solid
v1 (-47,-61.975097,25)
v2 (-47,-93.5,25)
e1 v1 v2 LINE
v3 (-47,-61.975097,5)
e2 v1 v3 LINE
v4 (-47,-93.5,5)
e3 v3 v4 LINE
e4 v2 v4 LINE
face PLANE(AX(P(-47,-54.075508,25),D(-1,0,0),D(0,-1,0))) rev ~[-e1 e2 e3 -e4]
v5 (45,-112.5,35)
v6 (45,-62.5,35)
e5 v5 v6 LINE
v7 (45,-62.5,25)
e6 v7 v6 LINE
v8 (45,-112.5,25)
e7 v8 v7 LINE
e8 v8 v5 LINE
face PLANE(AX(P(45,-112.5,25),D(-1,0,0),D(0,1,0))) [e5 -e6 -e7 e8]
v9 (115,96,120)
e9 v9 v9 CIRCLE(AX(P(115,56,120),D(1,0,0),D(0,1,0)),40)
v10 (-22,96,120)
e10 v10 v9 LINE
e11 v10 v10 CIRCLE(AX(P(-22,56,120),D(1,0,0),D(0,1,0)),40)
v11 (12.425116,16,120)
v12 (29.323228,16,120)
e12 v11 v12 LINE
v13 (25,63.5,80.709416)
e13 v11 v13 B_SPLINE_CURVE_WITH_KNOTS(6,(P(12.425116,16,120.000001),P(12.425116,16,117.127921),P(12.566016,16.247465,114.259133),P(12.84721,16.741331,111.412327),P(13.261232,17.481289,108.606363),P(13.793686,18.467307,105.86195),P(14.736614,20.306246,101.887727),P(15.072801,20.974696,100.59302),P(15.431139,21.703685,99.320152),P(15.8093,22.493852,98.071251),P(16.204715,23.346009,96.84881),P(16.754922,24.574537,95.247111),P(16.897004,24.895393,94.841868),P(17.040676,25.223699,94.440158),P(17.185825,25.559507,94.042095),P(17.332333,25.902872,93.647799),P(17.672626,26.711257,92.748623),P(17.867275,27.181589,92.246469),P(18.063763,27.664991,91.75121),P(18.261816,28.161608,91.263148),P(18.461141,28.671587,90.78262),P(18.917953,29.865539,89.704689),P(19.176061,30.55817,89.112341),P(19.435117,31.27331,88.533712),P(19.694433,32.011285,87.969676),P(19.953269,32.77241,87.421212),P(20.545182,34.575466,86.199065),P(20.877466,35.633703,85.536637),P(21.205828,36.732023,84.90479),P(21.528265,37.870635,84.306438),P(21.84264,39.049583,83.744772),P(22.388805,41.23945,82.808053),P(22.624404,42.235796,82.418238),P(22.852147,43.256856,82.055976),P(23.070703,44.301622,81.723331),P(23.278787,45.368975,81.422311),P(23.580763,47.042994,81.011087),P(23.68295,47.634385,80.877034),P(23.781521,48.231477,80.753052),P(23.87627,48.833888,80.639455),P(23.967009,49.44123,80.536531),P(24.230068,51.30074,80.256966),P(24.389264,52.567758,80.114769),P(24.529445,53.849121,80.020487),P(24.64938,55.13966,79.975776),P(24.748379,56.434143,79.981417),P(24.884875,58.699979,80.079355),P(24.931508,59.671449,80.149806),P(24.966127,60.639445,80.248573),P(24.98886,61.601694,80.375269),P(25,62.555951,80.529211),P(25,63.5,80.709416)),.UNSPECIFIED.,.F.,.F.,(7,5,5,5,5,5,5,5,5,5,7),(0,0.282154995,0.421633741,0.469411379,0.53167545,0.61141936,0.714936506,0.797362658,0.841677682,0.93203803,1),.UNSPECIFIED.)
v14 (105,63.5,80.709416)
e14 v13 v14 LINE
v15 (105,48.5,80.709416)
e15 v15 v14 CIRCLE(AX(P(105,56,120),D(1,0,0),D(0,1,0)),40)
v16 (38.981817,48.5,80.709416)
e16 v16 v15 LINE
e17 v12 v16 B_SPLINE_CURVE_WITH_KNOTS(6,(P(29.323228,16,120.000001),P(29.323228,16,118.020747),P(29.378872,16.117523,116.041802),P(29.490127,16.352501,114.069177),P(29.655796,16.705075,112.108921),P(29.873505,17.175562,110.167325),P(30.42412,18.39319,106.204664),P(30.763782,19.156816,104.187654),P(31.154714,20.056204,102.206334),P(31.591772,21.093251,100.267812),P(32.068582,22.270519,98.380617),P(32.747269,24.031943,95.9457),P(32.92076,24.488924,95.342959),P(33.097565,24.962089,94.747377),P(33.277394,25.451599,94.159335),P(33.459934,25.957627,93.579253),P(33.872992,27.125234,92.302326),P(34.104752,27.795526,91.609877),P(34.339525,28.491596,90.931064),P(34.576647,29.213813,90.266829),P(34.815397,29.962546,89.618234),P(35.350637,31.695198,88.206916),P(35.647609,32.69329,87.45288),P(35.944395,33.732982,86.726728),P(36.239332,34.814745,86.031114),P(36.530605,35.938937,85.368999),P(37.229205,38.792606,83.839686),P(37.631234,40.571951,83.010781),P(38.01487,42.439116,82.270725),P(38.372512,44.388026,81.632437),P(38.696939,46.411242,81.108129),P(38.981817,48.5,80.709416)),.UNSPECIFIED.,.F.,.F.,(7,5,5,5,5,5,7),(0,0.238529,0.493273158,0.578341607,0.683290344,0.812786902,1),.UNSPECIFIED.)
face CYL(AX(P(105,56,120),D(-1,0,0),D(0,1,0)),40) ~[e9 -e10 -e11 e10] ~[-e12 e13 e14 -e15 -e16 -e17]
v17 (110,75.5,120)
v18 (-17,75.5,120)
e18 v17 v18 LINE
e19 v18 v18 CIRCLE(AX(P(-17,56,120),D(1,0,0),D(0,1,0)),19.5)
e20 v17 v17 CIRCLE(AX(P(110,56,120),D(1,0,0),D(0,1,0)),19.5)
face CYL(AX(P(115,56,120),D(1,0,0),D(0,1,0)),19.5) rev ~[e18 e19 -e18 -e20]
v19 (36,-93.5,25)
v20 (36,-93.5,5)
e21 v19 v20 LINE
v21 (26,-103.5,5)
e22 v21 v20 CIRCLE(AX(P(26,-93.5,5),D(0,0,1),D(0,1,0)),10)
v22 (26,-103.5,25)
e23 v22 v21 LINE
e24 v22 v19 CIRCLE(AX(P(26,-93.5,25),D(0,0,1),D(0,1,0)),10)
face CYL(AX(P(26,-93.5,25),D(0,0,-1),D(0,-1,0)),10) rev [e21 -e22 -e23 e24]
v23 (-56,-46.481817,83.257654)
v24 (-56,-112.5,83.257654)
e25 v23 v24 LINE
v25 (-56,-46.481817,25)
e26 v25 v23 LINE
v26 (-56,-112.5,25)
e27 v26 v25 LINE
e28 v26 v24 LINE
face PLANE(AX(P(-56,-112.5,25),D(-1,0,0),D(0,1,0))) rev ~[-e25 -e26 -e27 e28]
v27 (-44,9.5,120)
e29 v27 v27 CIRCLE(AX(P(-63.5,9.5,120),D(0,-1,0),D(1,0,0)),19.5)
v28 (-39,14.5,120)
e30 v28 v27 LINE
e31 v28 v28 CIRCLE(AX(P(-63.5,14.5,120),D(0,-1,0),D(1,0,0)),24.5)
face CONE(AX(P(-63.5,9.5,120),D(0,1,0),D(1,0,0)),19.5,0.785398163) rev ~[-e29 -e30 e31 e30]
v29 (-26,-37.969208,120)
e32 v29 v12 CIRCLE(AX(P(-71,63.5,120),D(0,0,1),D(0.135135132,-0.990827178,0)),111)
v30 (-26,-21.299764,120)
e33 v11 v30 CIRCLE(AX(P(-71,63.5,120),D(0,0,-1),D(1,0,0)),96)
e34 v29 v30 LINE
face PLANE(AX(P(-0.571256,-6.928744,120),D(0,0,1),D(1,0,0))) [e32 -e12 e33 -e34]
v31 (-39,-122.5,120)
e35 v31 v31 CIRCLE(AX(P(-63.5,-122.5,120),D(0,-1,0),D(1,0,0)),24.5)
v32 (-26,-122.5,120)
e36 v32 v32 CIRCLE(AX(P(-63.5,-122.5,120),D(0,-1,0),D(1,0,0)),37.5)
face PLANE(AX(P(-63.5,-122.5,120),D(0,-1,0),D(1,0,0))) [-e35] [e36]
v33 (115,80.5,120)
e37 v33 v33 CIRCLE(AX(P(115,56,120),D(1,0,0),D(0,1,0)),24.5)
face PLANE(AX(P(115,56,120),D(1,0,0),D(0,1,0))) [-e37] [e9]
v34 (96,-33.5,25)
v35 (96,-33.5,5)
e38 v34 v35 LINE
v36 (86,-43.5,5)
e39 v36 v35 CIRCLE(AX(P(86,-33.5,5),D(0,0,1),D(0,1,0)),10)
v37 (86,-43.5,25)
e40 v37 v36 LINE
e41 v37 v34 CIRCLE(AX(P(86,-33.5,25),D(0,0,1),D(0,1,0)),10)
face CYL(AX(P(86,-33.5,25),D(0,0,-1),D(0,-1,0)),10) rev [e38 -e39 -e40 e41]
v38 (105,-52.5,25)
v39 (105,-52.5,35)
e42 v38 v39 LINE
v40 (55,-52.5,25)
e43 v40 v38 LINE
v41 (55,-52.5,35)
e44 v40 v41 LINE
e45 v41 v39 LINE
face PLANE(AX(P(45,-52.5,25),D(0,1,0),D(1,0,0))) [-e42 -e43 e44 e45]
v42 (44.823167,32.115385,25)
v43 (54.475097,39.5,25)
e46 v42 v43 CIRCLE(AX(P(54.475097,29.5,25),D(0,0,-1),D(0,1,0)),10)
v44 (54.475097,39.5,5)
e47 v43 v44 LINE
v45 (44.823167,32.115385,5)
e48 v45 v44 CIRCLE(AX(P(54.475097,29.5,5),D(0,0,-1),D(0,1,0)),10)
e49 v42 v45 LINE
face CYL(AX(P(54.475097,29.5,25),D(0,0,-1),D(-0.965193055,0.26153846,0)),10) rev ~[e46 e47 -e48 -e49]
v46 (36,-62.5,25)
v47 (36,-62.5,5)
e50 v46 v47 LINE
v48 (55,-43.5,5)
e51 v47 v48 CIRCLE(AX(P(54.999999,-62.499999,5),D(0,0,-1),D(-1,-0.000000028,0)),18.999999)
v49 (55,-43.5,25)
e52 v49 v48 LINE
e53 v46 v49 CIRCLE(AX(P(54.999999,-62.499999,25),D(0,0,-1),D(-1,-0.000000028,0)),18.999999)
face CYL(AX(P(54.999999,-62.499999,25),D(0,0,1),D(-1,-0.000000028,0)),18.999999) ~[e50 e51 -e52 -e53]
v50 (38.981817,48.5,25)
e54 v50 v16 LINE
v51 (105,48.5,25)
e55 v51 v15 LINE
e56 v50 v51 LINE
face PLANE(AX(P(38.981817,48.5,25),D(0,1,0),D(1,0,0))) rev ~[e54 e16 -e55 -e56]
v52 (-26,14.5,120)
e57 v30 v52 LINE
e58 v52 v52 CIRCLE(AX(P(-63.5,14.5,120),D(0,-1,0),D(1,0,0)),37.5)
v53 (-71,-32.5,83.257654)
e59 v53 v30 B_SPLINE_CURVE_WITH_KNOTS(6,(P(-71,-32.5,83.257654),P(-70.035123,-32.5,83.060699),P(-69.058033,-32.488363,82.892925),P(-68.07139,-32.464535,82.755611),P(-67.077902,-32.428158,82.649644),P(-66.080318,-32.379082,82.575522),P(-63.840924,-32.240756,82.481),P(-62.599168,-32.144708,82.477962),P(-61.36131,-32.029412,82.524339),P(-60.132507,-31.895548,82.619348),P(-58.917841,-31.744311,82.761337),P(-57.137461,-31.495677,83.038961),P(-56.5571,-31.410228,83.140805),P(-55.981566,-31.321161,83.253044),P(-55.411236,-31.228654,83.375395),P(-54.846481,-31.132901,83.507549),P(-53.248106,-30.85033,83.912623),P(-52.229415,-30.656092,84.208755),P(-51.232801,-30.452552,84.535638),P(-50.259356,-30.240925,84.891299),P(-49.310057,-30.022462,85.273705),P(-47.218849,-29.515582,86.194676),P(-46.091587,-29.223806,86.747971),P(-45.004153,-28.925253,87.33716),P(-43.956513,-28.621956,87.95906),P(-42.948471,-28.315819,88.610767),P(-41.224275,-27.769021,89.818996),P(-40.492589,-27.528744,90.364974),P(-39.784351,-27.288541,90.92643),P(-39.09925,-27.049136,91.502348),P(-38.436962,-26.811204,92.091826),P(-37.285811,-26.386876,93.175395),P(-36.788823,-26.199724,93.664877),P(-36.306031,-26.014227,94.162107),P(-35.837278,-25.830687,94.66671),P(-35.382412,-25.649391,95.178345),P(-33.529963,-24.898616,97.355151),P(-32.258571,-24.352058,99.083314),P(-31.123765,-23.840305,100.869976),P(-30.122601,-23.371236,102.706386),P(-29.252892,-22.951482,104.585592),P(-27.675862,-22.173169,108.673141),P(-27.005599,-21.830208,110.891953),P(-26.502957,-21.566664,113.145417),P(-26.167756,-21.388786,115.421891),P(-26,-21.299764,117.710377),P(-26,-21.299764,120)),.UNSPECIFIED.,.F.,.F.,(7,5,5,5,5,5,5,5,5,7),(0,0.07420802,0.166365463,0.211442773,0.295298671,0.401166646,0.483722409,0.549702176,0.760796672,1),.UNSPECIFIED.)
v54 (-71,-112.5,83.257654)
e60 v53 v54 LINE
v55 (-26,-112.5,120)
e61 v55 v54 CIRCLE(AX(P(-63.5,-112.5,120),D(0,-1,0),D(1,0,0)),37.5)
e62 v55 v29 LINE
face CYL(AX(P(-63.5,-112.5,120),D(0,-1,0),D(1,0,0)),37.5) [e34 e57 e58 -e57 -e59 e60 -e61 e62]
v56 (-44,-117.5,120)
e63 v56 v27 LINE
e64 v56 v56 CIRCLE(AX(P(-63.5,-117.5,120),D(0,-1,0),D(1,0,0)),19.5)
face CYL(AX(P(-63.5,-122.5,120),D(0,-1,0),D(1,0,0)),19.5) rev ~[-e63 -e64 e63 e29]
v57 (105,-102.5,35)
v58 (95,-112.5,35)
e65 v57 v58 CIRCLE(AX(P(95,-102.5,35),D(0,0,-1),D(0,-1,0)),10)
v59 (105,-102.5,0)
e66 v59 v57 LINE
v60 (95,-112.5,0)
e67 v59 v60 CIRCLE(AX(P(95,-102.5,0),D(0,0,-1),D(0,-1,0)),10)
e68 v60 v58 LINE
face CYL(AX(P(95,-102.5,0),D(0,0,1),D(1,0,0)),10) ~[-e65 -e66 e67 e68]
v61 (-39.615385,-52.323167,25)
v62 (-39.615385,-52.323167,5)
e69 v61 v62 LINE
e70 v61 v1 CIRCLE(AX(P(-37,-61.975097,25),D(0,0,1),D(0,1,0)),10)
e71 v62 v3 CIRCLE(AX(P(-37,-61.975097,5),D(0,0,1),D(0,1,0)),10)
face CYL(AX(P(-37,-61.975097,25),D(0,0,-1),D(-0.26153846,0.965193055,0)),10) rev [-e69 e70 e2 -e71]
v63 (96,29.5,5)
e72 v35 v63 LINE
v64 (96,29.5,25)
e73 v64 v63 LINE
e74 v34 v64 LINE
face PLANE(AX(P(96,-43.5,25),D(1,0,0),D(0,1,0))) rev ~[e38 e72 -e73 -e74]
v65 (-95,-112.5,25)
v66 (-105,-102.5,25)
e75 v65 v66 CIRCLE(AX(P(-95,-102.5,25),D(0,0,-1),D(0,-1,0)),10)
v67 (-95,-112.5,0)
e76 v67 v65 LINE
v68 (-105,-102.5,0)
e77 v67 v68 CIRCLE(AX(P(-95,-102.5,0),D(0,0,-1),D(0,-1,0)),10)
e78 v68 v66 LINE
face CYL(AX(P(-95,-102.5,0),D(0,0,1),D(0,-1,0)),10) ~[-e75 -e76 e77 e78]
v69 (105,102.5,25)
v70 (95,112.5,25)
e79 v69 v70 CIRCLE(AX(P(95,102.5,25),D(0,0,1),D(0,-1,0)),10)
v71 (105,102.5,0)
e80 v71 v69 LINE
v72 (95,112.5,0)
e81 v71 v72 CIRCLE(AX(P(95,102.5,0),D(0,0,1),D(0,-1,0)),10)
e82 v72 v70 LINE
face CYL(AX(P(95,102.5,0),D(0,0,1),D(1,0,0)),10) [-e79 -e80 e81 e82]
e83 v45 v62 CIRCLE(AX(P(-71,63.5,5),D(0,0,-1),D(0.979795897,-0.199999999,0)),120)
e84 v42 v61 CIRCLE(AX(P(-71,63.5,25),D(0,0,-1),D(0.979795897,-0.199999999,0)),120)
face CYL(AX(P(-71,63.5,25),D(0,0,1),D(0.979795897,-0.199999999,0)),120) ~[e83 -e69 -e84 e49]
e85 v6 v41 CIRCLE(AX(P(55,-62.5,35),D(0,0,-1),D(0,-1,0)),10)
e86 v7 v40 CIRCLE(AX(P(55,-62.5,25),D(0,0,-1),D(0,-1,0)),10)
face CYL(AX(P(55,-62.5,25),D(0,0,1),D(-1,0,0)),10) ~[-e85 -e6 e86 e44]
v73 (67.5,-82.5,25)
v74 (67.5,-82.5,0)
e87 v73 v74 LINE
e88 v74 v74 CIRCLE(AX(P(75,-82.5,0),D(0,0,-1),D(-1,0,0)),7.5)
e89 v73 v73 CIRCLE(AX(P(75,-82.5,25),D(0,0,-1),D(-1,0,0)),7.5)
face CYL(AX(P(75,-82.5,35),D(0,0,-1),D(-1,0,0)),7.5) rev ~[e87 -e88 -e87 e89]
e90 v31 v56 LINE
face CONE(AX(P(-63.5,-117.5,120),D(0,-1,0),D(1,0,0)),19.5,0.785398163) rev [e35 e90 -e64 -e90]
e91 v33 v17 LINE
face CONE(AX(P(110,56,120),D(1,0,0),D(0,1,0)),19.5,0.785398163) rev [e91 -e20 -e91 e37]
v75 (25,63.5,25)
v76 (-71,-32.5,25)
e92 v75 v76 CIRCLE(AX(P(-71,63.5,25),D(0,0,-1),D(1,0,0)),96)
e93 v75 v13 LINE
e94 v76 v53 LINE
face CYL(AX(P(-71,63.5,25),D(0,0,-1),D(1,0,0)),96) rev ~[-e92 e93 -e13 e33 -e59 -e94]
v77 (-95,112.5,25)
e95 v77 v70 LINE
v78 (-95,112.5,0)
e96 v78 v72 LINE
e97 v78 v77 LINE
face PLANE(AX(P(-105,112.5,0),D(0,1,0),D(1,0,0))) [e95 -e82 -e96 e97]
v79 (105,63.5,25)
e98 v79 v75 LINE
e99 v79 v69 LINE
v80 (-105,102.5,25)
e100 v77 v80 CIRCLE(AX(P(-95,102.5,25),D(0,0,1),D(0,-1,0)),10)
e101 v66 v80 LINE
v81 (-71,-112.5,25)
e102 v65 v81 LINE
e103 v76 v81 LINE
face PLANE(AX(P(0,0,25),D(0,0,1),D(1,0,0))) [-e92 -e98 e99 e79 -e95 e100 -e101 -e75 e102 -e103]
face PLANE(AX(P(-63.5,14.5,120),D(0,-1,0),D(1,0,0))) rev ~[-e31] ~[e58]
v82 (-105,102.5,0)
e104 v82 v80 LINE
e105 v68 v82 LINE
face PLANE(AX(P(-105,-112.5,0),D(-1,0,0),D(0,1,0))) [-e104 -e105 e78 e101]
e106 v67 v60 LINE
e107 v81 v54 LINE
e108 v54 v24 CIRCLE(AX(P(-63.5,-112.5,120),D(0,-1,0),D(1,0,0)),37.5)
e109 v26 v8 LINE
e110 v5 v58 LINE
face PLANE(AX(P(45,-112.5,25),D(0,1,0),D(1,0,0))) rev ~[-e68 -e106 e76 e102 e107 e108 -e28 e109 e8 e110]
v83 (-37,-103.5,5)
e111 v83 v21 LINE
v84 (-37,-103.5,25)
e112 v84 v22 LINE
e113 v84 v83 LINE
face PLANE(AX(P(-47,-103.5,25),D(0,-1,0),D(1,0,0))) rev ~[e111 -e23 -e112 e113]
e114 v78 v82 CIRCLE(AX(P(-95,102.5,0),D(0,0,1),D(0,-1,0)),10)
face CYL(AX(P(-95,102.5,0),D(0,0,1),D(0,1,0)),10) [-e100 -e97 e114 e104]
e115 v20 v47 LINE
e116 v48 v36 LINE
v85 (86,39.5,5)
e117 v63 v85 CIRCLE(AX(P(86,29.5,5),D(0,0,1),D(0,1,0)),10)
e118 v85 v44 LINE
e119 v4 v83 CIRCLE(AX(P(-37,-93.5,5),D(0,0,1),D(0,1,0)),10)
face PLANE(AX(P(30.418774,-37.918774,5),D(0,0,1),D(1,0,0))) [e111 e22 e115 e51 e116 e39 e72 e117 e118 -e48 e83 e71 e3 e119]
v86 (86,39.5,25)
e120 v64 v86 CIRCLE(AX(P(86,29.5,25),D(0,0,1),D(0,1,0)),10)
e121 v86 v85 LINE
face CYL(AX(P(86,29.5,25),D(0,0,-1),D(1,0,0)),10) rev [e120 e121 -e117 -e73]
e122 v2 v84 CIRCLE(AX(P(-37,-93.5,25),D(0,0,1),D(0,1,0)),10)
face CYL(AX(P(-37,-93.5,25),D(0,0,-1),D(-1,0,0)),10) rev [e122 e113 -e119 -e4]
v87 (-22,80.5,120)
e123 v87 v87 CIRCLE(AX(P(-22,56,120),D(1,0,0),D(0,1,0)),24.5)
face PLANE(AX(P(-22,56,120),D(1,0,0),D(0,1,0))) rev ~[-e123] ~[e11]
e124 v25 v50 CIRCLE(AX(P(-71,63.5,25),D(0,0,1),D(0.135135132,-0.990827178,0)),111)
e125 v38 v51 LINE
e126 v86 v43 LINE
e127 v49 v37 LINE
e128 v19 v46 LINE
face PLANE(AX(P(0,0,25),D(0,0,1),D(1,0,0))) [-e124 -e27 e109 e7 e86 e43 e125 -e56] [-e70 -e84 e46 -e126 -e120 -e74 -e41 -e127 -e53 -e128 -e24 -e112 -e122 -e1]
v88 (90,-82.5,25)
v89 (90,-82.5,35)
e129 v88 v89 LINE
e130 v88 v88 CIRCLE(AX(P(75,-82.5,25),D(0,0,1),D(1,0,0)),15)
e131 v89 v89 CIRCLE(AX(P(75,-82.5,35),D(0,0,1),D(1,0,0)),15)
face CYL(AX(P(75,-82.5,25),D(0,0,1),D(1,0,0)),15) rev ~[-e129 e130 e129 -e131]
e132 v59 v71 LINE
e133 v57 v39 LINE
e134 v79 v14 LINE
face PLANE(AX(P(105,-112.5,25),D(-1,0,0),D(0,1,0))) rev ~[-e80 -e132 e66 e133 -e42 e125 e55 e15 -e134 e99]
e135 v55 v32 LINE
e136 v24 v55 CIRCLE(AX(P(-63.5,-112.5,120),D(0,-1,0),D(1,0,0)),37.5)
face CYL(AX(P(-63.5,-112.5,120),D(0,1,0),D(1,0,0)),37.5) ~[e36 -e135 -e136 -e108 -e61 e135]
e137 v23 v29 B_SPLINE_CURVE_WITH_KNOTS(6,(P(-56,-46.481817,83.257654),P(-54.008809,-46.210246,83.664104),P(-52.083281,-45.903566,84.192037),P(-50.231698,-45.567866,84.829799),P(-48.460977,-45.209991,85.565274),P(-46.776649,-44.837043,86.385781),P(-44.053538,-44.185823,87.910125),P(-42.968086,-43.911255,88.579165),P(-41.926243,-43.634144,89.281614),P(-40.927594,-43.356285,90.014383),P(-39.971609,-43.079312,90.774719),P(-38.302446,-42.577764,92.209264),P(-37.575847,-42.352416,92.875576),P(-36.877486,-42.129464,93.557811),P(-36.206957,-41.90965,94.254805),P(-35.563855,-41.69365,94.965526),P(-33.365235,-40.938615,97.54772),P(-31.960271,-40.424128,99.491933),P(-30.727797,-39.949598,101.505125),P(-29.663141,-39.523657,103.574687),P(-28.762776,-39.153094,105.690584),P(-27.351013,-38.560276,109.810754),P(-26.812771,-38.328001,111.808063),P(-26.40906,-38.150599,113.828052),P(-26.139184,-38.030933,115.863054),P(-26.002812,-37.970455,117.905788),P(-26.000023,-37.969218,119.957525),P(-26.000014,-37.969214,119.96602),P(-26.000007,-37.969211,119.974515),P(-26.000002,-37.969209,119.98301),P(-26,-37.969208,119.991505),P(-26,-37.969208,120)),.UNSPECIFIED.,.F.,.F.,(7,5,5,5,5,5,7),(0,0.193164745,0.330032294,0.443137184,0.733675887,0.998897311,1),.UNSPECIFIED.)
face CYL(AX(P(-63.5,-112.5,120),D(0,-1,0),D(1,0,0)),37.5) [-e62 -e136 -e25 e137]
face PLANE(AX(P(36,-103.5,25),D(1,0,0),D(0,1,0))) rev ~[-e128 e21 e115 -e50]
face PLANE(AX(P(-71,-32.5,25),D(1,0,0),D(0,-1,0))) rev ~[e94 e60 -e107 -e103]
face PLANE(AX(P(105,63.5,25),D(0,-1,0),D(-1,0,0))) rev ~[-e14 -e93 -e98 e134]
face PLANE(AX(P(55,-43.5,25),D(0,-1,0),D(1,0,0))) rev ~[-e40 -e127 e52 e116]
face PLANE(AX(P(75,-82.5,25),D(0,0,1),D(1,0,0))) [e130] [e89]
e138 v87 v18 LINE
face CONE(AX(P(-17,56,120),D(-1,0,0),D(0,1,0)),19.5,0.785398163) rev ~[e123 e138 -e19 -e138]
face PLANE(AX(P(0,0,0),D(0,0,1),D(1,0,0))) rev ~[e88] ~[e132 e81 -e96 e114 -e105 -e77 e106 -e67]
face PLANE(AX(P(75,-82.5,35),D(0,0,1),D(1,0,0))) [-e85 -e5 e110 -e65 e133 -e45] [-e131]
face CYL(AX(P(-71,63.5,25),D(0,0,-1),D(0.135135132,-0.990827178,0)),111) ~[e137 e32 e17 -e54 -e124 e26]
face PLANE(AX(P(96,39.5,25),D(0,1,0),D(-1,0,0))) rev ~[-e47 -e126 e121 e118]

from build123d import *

# Parameters (mm, degrees)
F0_W            = 210
F0_H            = 225
F1_DEPTH        = 25
F3_DEPTH        = 95
F4_R            = 37.5
F5_DEPTH        = 10
F5_DEPTH_BACK   = 127
F6_R            = 40
F7_DEPTH        = 10
F7_DEPTH_BACK   = 127
F8_W            = 60
F8_H            = 60
F9_DEPTH        = 10
F10_R           = 10
F12_DEPTH       = 20
F14_D           = 15
F14_CBORE_D     = 30
F14_CBORE_DEPTH = 10
F15_R           = 10
F16_R           = 19.5
F17_DEPTH       = 235.001
F18_R           = 19.5
F19_DEPTH       = 220.001
F20_SIZE        = 5
F21_R           = 10


with BuildPart() as f1:
    # F0 (on Top) → F1 (new body)
    with BuildSketch(Plane.XY):
        Rectangle(F0_W, F0_H)
    extrude(amount=F1_DEPTH)

    # F2 (on face) → F3 (join)
    with BuildSketch(Plane.XY.offset(25)):
        with BuildLine():
            Line((-71, -32.5), (-71, -112.5))
            Line((-71, -112.5), (-56, -112.5))
            Line((-56, -112.5), (-56, -46.481817))
            ThreePointArc((-56, -46.481817), (7.488853, -14.988853), (38.981817, 48.5))
            Line((38.981817, 48.5), (105, 48.5))
            Line((105, 48.5), (105, 63.5))
            Line((105, 63.5), (25, 63.5))
            ThreePointArc((25, 63.5), (-3.117749, -4.382251), (-71, -32.5))
        make_face()
    extrude(amount=F3_DEPTH)

    # F4 (on face) → F5 (join, two sides)
    with BuildSketch(Plane.XZ.offset(112.5)) as f5_sk:
        with Locations((-63.5, 120)):
            Circle(F4_R)
    extrude(amount=F5_DEPTH)
    extrude(f5_sk.sketch, amount=-F5_DEPTH_BACK)

    # F6 (on face) → F7 (join, two sides)
    with BuildSketch(Plane.YZ.offset(105)) as f7_sk:
        with Locations((56, 120)):
            Circle(F6_R)
    extrude(amount=F7_DEPTH)
    extrude(f7_sk.sketch, amount=-F7_DEPTH_BACK)

    # F8 (on face) → F9 (join)
    with BuildSketch(Plane.XY.offset(25)):
        with Locations((75, -82.5)):
            Rectangle(F8_W, F8_H)
    extrude(amount=F9_DEPTH)

    # F10
    f10_edges = [f1.edges().sort_by_distance(p)[0] for p in [
        (45, -52.5, 30),
    ]]
    fillet(f10_edges, radius=F10_R)

    # F11 (on face) → F12 (cut)
    with BuildSketch(Plane.XY.offset(25)):
        with BuildLine():
            ThreePointArc((46.575508, 39.5), (13.852814, -21.352814), (-47, -54.075508))
            Line((-47, -54.075508), (-47, -103.5))
            Line((-47, -103.5), (36, -103.5))
            Line((36, -103.5), (36, -62.5))
            ThreePointArc((36, -62.5), (41.564971, -49.064971), (55, -43.5))
            Line((55, -43.5), (96, -43.5))
            Line((96, -43.5), (96, 39.5))
            Line((96, 39.5), (46.575508, 39.5))
        make_face()
    extrude(amount=-F12_DEPTH, mode=Mode.SUBTRACT)

    # F14 (through all)
    with Locations(Plane.XY.offset(35)):
        with Locations((75, -82.5)):
            CounterBoreHole(F14_D / 2, F14_CBORE_D / 2, F14_CBORE_DEPTH)

    # F15
    f15_edges = [f1.edges().sort_by_distance(p)[0] for p in [
        (-47, -54.075508, 15),
        (46.575508, 39.5, 15),
        (96, 39.5, 15),
        (96, -43.5, 15),
        (36, -103.5, 15),
        (-47, -103.5, 15),
    ]]
    fillet(f15_edges, radius=F15_R)

    # F16 (on face) → F17 (cut, through all)
    with BuildSketch(Plane.XZ.offset(122.5)):
        with Locations((-63.5, 120)):
            Circle(F16_R)
    extrude(amount=-F17_DEPTH, mode=Mode.SUBTRACT)

    # F18 (on face) → F19 (cut, through all)
    with BuildSketch(Plane.YZ.offset(115)):
        with Locations((56, 120)):
            Circle(F18_R)
    extrude(amount=-F19_DEPTH, mode=Mode.SUBTRACT)

    # F20
    f20_edges = [f1.edges().sort_by_distance(p)[0] for p in [
        (115, 36.5, 120),
        (-22, 36.5, 120),
        (-83, 14.5, 120),
        (-83, -122.5, 120),
    ]]
    chamfer(f20_edges, length=F20_SIZE)

    # F21
    f21_edges = [f1.edges().sort_by_distance(p)[0] for p in [
        (-105, -112.5, 12.5),
        (105, -112.5, 17.5),
        (105, 112.5, 12.5),
        (-105, 112.5, 12.5),
    ]]
    fillet(f21_edges, radius=F21_R)


solid = f1.part
